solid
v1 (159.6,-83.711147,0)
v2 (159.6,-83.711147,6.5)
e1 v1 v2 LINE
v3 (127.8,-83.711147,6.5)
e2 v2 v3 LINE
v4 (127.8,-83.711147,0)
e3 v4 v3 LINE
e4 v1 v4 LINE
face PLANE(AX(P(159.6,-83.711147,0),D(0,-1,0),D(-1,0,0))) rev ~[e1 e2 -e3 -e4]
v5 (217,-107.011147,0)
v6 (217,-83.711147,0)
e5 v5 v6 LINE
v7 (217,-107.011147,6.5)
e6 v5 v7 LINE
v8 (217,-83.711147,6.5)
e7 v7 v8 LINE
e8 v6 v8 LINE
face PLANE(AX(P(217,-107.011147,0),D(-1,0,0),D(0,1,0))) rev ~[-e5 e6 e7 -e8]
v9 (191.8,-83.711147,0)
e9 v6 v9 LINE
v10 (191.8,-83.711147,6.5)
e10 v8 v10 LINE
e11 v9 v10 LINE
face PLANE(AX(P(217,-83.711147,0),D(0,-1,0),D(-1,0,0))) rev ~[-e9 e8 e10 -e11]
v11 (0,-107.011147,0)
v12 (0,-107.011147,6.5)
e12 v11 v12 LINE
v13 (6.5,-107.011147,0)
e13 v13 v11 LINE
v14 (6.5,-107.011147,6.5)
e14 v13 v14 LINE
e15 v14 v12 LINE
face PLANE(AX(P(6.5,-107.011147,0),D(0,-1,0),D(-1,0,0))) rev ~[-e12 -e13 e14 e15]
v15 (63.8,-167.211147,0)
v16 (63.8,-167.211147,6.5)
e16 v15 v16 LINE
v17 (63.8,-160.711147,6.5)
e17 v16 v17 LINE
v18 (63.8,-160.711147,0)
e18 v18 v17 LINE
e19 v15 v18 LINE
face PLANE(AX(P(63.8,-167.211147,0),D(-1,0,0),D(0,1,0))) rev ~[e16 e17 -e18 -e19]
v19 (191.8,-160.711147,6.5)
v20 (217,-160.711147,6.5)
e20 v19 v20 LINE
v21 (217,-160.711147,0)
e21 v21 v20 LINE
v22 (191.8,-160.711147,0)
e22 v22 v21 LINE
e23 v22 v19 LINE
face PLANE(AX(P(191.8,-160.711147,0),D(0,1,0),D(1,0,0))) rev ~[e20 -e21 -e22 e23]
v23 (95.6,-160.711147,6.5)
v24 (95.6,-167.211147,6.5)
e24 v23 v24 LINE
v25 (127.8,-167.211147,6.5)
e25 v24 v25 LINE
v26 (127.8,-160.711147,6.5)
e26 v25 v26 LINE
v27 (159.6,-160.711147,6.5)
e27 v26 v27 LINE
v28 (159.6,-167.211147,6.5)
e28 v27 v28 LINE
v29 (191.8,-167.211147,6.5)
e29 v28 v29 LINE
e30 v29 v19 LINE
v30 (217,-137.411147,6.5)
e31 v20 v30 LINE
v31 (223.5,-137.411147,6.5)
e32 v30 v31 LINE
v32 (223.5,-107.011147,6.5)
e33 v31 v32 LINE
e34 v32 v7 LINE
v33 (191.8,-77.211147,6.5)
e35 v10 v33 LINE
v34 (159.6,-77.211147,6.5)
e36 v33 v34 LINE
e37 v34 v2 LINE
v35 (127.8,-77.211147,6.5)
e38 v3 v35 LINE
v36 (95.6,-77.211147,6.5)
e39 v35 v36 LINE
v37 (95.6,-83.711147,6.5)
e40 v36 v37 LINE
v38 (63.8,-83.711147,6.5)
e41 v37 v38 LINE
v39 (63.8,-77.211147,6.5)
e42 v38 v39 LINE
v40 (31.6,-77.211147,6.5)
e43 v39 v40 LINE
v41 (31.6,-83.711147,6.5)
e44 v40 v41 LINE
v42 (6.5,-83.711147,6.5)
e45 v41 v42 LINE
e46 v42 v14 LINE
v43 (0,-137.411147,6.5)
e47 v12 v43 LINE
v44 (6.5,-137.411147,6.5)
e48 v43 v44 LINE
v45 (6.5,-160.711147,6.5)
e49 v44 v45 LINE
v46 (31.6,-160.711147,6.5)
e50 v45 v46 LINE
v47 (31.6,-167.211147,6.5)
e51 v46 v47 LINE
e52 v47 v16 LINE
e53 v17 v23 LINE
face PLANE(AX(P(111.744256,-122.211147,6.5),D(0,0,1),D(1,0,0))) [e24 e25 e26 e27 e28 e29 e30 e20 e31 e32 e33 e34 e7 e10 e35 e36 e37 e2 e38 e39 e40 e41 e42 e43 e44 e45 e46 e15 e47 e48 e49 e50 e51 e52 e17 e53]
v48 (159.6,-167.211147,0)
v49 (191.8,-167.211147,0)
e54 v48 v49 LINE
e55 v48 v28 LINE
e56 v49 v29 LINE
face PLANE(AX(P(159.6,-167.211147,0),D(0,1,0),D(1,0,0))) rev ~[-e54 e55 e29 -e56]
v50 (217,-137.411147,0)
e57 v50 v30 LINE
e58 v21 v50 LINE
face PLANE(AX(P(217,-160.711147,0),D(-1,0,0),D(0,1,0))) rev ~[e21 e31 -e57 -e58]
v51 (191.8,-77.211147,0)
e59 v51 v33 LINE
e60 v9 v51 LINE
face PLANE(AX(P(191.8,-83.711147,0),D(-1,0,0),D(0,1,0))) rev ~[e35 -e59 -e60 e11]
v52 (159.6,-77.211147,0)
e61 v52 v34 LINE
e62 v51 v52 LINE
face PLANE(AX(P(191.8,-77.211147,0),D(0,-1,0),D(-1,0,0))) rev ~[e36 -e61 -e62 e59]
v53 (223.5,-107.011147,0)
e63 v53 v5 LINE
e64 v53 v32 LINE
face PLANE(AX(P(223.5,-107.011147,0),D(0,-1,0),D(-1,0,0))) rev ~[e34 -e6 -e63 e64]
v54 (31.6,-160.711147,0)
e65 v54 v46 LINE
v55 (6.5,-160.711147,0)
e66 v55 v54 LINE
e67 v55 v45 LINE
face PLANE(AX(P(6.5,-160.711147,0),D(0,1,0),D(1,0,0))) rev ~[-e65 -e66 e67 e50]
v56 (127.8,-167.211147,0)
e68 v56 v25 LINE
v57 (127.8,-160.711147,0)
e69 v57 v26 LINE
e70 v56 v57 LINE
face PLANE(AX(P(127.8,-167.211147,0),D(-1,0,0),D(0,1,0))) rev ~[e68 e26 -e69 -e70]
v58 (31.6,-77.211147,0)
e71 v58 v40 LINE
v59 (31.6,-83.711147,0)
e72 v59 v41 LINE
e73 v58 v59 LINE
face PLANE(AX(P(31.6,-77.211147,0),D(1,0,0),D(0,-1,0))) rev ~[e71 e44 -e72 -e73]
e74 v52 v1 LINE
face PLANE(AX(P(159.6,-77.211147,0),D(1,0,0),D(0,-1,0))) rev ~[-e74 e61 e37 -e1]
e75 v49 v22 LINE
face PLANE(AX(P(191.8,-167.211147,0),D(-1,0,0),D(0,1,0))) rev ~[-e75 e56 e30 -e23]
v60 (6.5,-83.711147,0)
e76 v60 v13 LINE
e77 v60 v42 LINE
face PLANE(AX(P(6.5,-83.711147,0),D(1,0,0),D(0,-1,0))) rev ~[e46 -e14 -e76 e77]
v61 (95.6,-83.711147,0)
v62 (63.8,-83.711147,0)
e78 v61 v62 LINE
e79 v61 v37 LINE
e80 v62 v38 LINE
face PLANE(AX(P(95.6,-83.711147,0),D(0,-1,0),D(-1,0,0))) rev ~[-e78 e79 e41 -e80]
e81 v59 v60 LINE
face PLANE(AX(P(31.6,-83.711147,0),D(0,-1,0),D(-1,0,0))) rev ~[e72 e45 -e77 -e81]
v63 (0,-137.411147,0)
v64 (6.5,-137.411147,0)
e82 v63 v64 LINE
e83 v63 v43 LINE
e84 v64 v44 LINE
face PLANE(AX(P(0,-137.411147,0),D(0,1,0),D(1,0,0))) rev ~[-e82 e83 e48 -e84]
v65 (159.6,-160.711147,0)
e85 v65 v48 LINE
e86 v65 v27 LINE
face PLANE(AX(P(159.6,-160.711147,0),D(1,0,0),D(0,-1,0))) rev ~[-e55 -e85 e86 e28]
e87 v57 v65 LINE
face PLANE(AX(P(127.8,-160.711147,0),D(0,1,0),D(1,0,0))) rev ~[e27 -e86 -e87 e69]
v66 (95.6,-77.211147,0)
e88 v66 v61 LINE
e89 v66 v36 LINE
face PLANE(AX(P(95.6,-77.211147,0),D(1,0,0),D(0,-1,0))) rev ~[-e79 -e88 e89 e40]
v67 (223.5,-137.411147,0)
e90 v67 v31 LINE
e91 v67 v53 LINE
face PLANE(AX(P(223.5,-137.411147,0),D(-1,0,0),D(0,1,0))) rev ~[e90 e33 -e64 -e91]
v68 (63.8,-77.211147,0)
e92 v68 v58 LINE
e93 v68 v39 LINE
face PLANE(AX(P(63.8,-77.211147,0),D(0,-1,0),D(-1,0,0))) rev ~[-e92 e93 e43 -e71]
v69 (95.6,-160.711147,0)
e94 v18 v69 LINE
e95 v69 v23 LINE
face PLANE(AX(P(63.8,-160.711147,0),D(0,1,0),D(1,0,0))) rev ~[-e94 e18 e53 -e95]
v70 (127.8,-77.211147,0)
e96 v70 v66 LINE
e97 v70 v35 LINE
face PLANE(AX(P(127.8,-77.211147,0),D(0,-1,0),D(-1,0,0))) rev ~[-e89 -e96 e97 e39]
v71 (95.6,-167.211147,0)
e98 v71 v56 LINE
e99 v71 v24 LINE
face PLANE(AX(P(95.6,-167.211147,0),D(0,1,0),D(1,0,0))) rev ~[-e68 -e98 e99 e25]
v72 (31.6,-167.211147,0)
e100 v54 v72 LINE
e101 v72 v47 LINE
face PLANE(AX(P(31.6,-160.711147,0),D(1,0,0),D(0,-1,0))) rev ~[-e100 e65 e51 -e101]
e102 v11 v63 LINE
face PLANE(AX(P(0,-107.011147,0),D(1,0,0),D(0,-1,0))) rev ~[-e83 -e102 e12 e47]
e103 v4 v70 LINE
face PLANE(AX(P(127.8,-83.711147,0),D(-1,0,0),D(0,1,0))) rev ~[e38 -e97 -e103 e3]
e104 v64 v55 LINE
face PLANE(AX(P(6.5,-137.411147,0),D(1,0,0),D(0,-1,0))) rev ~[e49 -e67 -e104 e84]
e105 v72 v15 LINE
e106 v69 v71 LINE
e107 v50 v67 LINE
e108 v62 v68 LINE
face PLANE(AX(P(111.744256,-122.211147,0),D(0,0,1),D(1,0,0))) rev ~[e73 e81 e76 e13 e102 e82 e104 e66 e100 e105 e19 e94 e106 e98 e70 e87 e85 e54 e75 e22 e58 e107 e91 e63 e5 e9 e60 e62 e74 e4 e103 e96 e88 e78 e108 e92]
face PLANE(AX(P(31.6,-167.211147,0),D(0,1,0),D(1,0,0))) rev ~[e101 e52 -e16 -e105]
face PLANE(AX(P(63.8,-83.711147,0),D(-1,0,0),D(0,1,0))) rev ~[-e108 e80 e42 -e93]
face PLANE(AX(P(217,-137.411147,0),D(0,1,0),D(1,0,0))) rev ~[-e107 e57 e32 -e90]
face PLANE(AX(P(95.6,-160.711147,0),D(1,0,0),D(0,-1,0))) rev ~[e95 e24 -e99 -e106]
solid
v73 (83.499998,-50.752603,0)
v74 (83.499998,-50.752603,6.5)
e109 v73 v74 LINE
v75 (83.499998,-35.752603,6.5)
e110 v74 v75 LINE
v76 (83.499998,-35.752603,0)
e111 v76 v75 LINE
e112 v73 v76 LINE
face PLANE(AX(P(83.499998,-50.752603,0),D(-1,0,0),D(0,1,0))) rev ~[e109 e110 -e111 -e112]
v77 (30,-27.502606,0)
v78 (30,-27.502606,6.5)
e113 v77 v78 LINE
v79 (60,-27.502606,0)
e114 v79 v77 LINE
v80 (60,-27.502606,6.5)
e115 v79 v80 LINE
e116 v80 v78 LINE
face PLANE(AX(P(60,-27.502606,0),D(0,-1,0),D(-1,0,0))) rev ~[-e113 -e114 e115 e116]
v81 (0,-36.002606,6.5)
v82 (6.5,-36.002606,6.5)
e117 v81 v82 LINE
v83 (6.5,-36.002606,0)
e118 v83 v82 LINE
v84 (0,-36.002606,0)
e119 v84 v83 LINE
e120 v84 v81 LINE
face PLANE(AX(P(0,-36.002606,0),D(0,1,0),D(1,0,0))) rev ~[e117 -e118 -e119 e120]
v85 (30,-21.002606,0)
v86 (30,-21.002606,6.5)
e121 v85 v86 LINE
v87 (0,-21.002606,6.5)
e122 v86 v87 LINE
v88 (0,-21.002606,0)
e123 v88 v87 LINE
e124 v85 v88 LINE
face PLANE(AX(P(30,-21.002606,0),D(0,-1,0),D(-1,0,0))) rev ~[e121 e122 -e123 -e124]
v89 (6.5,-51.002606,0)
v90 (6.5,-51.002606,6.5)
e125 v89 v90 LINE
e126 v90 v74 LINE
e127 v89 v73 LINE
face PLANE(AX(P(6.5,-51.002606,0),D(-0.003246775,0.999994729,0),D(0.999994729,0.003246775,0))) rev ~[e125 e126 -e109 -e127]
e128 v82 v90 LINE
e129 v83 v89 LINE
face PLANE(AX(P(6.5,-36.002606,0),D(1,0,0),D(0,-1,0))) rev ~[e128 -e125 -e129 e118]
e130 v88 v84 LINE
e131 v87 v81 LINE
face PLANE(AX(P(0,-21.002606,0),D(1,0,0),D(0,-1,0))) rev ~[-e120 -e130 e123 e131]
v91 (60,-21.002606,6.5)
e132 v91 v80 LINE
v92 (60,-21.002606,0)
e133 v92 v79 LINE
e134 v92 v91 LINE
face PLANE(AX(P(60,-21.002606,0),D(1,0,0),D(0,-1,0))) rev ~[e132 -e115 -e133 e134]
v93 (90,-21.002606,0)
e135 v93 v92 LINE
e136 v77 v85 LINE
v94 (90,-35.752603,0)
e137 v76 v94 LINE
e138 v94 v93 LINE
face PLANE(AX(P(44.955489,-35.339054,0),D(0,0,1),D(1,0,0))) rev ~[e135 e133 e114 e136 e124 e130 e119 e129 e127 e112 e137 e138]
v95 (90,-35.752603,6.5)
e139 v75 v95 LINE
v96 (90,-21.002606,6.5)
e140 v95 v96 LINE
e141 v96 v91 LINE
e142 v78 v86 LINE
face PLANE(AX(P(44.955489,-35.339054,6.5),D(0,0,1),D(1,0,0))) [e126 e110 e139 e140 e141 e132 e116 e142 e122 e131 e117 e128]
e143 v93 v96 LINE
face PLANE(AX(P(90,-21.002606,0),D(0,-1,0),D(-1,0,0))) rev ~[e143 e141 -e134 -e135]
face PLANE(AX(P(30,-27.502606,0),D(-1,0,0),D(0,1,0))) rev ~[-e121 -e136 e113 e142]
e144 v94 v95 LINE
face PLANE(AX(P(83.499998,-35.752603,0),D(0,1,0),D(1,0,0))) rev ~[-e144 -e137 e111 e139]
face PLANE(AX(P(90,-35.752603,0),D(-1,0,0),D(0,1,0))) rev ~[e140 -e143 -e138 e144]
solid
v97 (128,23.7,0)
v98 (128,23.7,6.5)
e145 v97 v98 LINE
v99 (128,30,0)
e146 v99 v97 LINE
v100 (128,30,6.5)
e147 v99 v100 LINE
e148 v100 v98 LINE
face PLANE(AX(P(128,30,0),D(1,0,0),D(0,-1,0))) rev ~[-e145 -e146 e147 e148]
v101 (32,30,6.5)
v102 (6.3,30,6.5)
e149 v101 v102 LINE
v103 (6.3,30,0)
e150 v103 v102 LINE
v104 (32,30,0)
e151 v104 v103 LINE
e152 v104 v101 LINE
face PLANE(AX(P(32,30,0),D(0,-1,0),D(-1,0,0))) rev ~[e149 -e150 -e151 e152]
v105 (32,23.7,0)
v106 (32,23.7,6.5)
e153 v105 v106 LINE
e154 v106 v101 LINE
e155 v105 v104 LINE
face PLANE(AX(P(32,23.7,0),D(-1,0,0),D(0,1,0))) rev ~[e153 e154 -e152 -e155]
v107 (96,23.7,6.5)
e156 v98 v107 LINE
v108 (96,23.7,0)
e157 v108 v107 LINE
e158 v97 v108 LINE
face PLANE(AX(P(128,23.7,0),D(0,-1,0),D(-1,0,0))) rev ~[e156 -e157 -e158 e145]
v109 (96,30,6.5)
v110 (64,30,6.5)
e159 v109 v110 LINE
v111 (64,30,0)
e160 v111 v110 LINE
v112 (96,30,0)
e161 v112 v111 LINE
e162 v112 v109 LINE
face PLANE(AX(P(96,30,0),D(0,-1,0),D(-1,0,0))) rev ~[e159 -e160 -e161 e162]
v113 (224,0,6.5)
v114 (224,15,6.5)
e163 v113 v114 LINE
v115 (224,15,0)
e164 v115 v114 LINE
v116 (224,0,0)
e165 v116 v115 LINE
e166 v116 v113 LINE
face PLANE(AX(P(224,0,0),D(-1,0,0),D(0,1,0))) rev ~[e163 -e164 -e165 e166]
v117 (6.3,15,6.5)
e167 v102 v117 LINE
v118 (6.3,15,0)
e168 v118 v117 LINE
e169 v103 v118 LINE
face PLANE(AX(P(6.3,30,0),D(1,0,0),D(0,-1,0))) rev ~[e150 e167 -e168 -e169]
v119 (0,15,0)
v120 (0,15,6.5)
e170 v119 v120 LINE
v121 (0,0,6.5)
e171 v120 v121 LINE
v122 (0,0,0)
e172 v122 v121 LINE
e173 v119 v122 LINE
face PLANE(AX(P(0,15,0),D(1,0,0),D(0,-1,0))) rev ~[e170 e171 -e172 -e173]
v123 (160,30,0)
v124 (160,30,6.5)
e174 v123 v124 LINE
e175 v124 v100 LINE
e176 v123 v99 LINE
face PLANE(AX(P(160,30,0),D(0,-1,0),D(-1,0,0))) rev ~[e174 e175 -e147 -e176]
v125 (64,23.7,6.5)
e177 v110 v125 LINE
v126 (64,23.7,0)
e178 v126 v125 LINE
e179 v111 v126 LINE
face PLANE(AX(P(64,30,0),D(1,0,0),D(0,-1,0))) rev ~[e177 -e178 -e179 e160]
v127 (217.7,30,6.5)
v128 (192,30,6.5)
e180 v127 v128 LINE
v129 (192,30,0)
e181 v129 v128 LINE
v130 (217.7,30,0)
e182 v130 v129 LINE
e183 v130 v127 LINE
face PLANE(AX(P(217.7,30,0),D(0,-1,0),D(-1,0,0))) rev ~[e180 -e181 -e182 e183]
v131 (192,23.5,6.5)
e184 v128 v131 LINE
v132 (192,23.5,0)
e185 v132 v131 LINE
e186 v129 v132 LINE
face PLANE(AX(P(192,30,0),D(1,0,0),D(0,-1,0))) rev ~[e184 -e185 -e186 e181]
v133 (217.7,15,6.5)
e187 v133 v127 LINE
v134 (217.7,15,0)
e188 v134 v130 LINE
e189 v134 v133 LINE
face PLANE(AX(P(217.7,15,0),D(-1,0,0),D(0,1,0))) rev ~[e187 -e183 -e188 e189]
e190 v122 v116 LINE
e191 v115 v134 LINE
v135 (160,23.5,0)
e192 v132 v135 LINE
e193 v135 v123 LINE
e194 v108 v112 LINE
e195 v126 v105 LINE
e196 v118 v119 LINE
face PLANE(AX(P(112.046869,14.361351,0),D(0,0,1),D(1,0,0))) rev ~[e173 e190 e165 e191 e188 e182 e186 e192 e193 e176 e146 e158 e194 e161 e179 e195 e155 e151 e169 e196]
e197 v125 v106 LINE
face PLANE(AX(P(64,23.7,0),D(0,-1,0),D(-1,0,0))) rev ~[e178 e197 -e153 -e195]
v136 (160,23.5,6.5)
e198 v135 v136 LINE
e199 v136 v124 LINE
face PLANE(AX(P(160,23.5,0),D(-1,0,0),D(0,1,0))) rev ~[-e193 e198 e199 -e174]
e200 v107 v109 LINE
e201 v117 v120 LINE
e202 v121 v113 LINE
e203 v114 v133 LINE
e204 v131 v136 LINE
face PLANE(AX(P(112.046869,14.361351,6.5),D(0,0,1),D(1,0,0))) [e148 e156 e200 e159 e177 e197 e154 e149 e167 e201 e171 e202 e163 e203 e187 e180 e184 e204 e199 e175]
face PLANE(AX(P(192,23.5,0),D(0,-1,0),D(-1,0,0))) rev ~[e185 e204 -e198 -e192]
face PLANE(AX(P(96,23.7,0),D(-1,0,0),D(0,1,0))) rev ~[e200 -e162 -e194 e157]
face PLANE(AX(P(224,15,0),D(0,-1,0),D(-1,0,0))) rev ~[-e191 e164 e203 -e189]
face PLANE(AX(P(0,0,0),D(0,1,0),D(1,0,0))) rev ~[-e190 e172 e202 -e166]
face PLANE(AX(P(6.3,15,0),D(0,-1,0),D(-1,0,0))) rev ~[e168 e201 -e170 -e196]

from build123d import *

# Parameters (mm, degrees)
F1_DEPTH = 6.5
F3_DEPTH = 6.5
F5_DEPTH = 6.5


with BuildPart() as f1:
    # F0 (on Top) → F1 (new body)
    with BuildSketch(Plane.XY):
        Polygon((32, 23.7), (32, 30), (6.3, 30), (6.3, 15), (0, 15), (0, 0), (224, 0), (224, 15), (217.7, 15), (217.7, 30), (192, 30), (192, 23.5), (160, 23.5), (160, 30), (128, 30), (128, 23.7), (96, 23.7), (96, 30), (64, 30), (64, 23.7), align=None)
    extrude(amount=F1_DEPTH)


with BuildPart() as f3:
    # F2 (on Top) → F3 (new body)
    with BuildSketch(Plane.XY):
        Polygon((30, -21.002606), (0, -21.002606), (0, -36.002606), (6.5, -36.002606), (6.5, -51.002606), (83.499998, -50.752603), (83.499998, -35.752603), (90, -35.752603), (90, -21.002606), (60, -21.002606), (60, -27.502606), (30, -27.502606), align=None)
    extrude(amount=F3_DEPTH)


with BuildPart() as f5:
    # F4 (on Top) → F5 (new body)
    with BuildSketch(Plane.XY):
        Polygon((6.5, -83.711147), (6.5, -107.011147), (0, -107.011147), (0, -137.411147), (6.5, -137.411147), (6.5, -160.711147), (31.6, -160.711147), (31.6, -167.211147), (63.8, -167.211147), (63.8, -160.711147), (95.6, -160.711147), (95.6, -167.211147), (127.8, -167.211147), (127.8, -160.711147), (159.6, -160.711147), (159.6, -167.211147), (191.8, -167.211147), (191.8, -160.711147), (217, -160.711147), (217, -137.411147), (223.5, -137.411147), (223.5, -107.011147), (217, -107.011147), (217, -83.711147), (191.8, -83.711147), (191.8, -77.211147), (159.6, -77.211147), (159.6, -83.711147), (127.8, -83.711147), (127.8, -77.211147), (95.6, -77.211147), (95.6, -83.711147), (63.8, -83.711147), (63.8, -77.211147), (31.6, -77.211147), (31.6, -83.711147), align=None)
    extrude(amount=F5_DEPTH)


solid = Compound([f1.part, f3.part, f5.part])
